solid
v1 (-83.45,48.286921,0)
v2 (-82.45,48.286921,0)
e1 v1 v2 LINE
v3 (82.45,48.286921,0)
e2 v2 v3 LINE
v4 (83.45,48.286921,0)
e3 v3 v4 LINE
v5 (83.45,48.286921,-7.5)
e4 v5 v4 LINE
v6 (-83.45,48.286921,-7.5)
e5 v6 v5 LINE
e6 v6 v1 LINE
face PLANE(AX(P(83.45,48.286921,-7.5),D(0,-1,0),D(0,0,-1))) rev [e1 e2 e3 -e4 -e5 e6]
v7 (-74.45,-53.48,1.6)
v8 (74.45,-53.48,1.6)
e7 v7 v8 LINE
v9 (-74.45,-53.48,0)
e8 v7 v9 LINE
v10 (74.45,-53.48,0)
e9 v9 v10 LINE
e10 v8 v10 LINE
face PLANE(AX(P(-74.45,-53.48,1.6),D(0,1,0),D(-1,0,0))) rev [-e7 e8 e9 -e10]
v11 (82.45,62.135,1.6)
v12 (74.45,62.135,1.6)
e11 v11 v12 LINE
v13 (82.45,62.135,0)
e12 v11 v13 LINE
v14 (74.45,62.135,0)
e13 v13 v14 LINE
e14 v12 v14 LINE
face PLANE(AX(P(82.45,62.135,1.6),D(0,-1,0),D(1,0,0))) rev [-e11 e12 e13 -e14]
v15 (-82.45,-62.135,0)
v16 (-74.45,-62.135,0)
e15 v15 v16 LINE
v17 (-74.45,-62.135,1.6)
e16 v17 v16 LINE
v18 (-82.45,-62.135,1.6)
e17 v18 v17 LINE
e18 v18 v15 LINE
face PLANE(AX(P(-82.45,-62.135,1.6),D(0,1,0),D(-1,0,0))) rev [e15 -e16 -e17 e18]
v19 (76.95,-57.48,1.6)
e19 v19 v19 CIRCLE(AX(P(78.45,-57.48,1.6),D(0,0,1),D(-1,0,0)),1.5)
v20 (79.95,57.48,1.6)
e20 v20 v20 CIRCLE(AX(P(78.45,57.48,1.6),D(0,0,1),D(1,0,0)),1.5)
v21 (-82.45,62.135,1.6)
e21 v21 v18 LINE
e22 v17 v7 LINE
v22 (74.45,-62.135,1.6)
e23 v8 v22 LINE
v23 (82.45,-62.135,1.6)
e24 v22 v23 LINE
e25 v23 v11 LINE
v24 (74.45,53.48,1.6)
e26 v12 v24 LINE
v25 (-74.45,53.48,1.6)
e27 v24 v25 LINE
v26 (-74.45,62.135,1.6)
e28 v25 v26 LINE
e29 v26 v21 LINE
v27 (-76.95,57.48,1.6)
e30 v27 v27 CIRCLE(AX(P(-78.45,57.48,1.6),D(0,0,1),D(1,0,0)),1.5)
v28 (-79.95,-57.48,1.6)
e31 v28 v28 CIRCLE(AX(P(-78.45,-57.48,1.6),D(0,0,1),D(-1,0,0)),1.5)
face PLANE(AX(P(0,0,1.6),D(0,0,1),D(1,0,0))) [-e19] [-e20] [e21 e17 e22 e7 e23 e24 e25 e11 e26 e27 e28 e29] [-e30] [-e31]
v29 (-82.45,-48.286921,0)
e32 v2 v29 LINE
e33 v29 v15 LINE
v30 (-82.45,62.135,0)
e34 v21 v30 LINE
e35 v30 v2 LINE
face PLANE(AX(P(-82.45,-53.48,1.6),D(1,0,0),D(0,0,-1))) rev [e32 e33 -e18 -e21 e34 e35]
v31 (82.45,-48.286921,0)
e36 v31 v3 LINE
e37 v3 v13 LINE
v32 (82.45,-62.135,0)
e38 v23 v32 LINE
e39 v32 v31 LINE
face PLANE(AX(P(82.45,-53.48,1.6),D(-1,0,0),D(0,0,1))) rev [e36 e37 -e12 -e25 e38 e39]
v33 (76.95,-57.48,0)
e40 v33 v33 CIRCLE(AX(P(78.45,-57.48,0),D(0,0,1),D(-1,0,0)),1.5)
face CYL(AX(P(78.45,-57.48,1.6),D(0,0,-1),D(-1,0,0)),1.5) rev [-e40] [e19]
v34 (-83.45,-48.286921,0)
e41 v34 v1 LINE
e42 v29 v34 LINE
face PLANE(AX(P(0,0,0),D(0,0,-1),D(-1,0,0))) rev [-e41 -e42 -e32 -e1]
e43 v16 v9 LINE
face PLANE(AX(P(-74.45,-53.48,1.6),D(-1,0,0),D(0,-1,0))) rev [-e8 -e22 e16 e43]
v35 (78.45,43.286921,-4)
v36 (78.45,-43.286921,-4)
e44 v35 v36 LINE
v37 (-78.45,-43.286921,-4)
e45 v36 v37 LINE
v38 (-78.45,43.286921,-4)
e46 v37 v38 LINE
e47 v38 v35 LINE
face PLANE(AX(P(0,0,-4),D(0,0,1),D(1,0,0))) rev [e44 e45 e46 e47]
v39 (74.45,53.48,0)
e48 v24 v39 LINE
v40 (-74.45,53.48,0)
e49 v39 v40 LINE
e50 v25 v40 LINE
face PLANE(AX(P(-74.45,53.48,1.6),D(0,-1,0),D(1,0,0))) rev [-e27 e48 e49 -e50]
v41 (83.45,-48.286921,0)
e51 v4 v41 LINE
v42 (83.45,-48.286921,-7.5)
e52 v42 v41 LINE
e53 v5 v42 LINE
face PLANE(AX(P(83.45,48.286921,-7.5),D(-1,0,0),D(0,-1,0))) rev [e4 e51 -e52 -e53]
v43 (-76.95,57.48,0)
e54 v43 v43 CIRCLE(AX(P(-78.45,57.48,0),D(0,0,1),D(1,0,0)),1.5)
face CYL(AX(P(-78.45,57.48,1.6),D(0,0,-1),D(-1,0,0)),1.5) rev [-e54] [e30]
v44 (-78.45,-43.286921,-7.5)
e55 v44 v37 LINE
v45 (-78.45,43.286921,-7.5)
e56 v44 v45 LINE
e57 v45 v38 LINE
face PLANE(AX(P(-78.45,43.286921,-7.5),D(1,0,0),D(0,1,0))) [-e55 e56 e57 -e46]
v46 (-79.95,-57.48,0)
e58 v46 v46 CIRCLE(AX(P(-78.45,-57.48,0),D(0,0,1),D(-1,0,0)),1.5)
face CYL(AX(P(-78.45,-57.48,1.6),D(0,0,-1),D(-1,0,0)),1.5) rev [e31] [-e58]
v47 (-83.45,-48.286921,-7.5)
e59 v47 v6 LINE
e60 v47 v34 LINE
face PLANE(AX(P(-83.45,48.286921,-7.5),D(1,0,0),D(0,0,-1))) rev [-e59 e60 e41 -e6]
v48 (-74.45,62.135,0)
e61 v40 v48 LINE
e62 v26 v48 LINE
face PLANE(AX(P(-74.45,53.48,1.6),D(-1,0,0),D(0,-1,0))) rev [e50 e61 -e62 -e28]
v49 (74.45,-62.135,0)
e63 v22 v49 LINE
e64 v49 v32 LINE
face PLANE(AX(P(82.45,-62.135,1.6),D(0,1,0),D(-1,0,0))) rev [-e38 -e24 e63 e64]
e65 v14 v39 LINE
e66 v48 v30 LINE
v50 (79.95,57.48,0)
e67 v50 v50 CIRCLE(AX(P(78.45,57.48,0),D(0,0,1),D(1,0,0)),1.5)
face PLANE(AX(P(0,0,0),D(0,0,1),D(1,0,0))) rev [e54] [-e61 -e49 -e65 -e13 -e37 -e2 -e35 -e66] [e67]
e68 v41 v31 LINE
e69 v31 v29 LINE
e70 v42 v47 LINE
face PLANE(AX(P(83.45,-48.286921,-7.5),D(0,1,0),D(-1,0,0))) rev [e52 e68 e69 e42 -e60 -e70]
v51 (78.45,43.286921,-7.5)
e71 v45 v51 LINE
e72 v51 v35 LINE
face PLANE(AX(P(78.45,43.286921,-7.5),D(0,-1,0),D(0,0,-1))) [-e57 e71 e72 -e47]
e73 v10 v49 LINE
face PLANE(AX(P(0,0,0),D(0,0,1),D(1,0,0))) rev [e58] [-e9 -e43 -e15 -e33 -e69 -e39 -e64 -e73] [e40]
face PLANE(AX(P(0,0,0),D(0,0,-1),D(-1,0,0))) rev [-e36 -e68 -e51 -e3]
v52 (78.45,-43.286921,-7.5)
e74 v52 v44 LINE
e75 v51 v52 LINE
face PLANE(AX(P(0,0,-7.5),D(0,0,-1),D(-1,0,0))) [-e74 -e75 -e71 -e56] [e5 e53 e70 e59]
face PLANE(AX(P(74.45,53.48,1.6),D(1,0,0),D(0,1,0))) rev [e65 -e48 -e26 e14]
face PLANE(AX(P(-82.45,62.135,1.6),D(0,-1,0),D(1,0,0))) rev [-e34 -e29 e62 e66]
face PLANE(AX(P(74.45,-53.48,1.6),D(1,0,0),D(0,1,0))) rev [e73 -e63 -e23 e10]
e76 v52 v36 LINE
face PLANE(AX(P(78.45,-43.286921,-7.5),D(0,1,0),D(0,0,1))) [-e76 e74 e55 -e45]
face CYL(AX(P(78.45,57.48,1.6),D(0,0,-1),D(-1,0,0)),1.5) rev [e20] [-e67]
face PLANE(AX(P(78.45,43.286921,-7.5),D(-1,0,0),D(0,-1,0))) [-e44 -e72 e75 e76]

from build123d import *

# Parameters (mm, degrees)
SKETCH1_R           = 1.5
BOSS_EXTRUDE1_DEPTH = 1.6
SKETCH2_W           = 166.9
SKETCH2_H           = 96.573841314
SKETCH2_W_2         = 156.9
SKETCH2_H_2         = 86.573841314
BOSS_EXTRUDE2_DEPTH = 7.5
SKETCH3_W           = 156.9
SKETCH3_H           = 86.573841314
BOSS_EXTRUDE3_DEPTH = 4


with BuildPart() as part:
    # Sketch1 → Boss-Extrude1 (new body)
    with BuildSketch(Plane.XY):
        Polygon((-74.45, -53.48), (74.45, -53.48), (74.45, -62.135), (82.45, -62.135), (82.45, -53.48), (82.45, 53.48), (82.45, 62.135), (74.45, 62.135), (74.45, 53.48), (-74.45, 53.48), (-74.45, 62.135), (-82.45, 62.135), (-82.45, 53.48), (-82.45, -53.48), (-82.45, -62.135), (-74.45, -62.135), align=None)
        with Locations((78.45, 57.48)):
            Circle(SKETCH1_R, mode=Mode.SUBTRACT)
        with Locations((-78.45, 57.48)):
            Circle(SKETCH1_R, mode=Mode.SUBTRACT)
        with Locations(Location((-78.45, -57.48, 0), (0, 0, 180))):
            Circle(SKETCH1_R, mode=Mode.SUBTRACT)
        with Locations(Location((78.45, -57.48, 0), (0, 0, 180))):
            Circle(SKETCH1_R, mode=Mode.SUBTRACT)
    extrude(amount=BOSS_EXTRUDE1_DEPTH)

    # Sketch2 → Boss-Extrude2 (add)
    with BuildSketch(Plane(origin=(0, 0, 0), x_dir=(-1, 0, 0), z_dir=(0, 0, -1))):
        Rectangle(SKETCH2_W, SKETCH2_H)
        Rectangle(SKETCH2_W_2, SKETCH2_H_2, mode=Mode.SUBTRACT)
    extrude(amount=BOSS_EXTRUDE2_DEPTH)

    # Sketch3 → Boss-Extrude3 (add)
    with BuildSketch(Plane(origin=(0, 0, 0), x_dir=(-1, 0, 0), z_dir=(0, 0, -1))):
        Rectangle(SKETCH3_W, SKETCH3_H)
    extrude(amount=BOSS_EXTRUDE3_DEPTH)


solid = part.part
